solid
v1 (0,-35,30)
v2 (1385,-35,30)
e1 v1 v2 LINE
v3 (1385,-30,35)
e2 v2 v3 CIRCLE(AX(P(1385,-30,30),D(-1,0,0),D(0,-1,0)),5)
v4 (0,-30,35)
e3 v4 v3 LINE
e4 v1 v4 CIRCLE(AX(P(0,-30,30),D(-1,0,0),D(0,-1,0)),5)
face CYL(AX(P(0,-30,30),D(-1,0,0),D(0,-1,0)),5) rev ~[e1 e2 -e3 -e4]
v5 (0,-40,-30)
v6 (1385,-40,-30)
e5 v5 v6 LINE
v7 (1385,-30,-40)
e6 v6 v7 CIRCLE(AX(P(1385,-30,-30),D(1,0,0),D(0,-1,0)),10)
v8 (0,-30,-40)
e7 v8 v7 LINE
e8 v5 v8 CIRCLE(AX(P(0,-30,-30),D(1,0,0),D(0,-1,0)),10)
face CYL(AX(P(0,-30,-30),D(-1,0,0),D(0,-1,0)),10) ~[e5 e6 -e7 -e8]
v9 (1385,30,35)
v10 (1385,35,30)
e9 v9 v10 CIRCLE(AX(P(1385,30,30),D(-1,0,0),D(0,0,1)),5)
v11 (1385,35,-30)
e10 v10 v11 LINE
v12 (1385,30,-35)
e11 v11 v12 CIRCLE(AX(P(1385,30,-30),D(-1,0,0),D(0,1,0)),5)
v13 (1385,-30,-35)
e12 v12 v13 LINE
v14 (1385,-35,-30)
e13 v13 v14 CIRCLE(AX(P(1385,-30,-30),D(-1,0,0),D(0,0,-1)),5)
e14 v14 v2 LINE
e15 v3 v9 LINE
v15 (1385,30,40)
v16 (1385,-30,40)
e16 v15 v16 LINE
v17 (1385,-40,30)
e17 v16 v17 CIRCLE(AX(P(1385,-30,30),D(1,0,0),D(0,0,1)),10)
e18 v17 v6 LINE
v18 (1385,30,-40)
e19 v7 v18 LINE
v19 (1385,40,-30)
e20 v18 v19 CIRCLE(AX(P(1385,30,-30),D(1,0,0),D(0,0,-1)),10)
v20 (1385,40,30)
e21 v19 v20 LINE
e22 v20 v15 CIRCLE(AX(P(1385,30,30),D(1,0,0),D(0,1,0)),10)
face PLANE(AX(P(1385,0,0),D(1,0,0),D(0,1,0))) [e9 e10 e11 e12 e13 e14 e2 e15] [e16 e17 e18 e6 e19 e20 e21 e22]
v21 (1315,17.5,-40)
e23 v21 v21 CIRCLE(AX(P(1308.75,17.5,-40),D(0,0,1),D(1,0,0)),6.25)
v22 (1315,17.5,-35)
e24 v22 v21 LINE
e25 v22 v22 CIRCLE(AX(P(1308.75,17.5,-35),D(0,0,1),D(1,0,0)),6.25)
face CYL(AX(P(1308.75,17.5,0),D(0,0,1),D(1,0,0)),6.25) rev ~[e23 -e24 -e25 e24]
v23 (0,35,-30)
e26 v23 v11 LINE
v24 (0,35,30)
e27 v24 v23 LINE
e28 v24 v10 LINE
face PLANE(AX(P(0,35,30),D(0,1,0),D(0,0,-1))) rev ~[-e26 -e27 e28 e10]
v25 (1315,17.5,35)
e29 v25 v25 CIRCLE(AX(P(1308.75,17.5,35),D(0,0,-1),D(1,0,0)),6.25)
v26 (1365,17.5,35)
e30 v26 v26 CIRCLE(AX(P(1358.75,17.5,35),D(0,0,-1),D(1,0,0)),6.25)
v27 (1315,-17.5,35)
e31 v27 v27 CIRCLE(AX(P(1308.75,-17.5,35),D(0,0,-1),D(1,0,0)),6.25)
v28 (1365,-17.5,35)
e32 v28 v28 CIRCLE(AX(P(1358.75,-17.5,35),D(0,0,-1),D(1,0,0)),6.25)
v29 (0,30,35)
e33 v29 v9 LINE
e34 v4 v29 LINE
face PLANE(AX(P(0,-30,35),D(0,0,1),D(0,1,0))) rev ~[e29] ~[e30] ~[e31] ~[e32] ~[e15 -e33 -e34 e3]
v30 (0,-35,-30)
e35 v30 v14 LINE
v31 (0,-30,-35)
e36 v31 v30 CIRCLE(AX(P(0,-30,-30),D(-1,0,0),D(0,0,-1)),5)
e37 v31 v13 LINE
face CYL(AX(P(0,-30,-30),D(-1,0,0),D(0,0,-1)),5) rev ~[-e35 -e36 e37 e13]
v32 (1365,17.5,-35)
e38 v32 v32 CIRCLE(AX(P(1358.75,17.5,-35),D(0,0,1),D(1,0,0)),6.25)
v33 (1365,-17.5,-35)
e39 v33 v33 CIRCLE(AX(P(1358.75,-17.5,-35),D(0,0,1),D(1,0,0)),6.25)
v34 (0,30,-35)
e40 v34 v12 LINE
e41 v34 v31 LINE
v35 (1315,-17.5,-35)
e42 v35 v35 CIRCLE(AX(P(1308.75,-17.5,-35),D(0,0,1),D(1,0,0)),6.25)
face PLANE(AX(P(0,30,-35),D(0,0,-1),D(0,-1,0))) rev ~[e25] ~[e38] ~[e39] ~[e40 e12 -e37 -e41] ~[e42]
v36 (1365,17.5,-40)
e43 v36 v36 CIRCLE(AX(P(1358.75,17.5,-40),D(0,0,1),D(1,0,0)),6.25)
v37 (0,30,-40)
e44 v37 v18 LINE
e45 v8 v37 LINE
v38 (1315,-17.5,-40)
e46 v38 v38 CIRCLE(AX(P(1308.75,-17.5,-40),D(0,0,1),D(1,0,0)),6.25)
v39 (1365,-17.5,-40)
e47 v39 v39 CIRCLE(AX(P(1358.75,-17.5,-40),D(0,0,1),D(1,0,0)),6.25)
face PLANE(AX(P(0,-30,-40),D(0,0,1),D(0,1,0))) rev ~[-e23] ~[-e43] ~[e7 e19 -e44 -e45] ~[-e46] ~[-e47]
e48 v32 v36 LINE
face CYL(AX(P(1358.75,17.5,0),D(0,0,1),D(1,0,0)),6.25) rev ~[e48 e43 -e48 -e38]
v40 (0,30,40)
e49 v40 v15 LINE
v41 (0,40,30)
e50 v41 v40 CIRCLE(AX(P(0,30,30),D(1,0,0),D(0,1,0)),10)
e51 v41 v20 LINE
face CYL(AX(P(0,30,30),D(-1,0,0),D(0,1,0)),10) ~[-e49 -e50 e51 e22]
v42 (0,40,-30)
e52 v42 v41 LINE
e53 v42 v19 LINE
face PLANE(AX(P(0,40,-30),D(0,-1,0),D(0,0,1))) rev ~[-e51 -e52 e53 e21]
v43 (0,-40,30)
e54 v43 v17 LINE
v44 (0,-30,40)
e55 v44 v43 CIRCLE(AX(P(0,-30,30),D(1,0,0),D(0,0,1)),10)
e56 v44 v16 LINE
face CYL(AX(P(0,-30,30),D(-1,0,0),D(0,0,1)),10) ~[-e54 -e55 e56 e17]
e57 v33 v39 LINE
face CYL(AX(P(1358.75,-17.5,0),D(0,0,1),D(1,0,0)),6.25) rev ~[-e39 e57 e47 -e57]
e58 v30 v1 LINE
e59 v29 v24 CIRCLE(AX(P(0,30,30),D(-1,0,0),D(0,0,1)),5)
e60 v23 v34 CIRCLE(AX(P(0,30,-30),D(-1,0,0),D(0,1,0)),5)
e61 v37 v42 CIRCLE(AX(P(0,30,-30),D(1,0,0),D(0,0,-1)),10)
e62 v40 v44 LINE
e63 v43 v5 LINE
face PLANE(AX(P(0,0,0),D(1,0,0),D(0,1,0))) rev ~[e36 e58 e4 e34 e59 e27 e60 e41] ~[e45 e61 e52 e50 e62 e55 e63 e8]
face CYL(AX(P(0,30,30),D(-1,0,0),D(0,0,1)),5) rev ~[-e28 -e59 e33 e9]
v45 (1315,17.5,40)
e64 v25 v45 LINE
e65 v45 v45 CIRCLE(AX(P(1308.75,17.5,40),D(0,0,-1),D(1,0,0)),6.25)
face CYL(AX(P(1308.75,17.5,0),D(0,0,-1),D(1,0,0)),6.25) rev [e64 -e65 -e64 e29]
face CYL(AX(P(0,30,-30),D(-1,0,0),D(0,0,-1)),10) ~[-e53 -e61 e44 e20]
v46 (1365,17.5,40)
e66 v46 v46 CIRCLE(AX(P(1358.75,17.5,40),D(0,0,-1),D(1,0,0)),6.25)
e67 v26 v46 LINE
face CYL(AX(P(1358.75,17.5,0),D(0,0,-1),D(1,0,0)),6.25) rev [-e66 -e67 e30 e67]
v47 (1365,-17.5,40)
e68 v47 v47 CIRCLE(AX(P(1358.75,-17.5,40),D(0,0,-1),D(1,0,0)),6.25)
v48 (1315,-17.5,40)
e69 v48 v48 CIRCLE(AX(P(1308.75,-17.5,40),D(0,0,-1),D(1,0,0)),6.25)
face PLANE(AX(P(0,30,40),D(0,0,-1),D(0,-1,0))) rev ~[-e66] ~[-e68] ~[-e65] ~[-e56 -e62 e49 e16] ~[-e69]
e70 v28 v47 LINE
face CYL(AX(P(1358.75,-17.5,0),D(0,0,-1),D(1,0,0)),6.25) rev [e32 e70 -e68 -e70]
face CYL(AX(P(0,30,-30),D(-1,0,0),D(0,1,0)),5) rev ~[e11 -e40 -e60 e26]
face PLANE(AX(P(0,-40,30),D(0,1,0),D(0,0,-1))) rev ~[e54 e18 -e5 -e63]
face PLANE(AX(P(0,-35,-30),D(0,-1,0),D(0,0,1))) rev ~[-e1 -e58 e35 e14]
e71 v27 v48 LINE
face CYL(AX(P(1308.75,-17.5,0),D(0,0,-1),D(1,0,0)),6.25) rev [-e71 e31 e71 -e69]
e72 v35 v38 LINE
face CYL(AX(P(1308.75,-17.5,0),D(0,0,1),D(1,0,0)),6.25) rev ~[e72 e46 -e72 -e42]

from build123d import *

# Parameters (mm, degrees)
F1_DEPTH      = 1385
F2_R          = 6.25
F3_DEPTH      = 40.001
F3_DEPTH_BACK = 40.001


with BuildPart() as f1:
    # F0 (on Right) → F1 (new body)
    with BuildSketch(Plane.YZ):
        with BuildLine():
            ThreePointArc((40, 30), (37.0710678119, 37.0710678119), (30, 40))
            Line((30, 40), (-30, 40))
            ThreePointArc((-30, 40), (-37.0710678119, 37.0710678119), (-40, 30))
            Line((-40, 30), (-40, -30))
            ThreePointArc((-40, -30), (-37.0710678119, -37.0710678119), (-30, -40))
            Line((-30, -40), (30, -40))
            ThreePointArc((30, -40), (37.0710678119, -37.0710678119), (40, -30))
            Line((40, -30), (40, 30))
        make_face()
        with BuildLine():
            ThreePointArc((30, 35.000000149), (33.5355340113, 33.5355340113), (35.000000149, 30))
            Line((35.000000149, 30), (35.000000149, -30))
            ThreePointArc((35.000000149, -30), (33.5355340113, -33.5355340113), (30, -35.000000149))
            Line((30, -35.000000149), (-30, -35.000000149))
            ThreePointArc((-30, -35.000000149), (-33.5355340113, -33.5355340113), (-35.000000149, -30))
            Line((-35.000000149, -30), (-35.000000149, 30))
            ThreePointArc((-35.000000149, 30), (-33.5355340113, 33.5355340113), (-30, 35.000000149))
            Line((-30, 35.000000149), (30, 35.000000149))
        make_face(mode=Mode.SUBTRACT)
    extrude(amount=F1_DEPTH)

    # F2 (on Top) → F3 (cut, two sides)
    with BuildSketch(Plane.XY) as f3_sk:
        with Locations((1358.75, -17.5)):
            Circle(F2_R)
        with Locations((1308.75, -17.5)):
            Circle(F2_R)
        with Locations((1358.75, 17.5)):
            Circle(F2_R)
        with Locations((1308.75, 17.5)):
            Circle(F2_R)
    extrude(amount=-F3_DEPTH, mode=Mode.SUBTRACT)
    extrude(f3_sk.sketch, amount=F3_DEPTH_BACK, mode=Mode.SUBTRACT)


solid = f1.part
